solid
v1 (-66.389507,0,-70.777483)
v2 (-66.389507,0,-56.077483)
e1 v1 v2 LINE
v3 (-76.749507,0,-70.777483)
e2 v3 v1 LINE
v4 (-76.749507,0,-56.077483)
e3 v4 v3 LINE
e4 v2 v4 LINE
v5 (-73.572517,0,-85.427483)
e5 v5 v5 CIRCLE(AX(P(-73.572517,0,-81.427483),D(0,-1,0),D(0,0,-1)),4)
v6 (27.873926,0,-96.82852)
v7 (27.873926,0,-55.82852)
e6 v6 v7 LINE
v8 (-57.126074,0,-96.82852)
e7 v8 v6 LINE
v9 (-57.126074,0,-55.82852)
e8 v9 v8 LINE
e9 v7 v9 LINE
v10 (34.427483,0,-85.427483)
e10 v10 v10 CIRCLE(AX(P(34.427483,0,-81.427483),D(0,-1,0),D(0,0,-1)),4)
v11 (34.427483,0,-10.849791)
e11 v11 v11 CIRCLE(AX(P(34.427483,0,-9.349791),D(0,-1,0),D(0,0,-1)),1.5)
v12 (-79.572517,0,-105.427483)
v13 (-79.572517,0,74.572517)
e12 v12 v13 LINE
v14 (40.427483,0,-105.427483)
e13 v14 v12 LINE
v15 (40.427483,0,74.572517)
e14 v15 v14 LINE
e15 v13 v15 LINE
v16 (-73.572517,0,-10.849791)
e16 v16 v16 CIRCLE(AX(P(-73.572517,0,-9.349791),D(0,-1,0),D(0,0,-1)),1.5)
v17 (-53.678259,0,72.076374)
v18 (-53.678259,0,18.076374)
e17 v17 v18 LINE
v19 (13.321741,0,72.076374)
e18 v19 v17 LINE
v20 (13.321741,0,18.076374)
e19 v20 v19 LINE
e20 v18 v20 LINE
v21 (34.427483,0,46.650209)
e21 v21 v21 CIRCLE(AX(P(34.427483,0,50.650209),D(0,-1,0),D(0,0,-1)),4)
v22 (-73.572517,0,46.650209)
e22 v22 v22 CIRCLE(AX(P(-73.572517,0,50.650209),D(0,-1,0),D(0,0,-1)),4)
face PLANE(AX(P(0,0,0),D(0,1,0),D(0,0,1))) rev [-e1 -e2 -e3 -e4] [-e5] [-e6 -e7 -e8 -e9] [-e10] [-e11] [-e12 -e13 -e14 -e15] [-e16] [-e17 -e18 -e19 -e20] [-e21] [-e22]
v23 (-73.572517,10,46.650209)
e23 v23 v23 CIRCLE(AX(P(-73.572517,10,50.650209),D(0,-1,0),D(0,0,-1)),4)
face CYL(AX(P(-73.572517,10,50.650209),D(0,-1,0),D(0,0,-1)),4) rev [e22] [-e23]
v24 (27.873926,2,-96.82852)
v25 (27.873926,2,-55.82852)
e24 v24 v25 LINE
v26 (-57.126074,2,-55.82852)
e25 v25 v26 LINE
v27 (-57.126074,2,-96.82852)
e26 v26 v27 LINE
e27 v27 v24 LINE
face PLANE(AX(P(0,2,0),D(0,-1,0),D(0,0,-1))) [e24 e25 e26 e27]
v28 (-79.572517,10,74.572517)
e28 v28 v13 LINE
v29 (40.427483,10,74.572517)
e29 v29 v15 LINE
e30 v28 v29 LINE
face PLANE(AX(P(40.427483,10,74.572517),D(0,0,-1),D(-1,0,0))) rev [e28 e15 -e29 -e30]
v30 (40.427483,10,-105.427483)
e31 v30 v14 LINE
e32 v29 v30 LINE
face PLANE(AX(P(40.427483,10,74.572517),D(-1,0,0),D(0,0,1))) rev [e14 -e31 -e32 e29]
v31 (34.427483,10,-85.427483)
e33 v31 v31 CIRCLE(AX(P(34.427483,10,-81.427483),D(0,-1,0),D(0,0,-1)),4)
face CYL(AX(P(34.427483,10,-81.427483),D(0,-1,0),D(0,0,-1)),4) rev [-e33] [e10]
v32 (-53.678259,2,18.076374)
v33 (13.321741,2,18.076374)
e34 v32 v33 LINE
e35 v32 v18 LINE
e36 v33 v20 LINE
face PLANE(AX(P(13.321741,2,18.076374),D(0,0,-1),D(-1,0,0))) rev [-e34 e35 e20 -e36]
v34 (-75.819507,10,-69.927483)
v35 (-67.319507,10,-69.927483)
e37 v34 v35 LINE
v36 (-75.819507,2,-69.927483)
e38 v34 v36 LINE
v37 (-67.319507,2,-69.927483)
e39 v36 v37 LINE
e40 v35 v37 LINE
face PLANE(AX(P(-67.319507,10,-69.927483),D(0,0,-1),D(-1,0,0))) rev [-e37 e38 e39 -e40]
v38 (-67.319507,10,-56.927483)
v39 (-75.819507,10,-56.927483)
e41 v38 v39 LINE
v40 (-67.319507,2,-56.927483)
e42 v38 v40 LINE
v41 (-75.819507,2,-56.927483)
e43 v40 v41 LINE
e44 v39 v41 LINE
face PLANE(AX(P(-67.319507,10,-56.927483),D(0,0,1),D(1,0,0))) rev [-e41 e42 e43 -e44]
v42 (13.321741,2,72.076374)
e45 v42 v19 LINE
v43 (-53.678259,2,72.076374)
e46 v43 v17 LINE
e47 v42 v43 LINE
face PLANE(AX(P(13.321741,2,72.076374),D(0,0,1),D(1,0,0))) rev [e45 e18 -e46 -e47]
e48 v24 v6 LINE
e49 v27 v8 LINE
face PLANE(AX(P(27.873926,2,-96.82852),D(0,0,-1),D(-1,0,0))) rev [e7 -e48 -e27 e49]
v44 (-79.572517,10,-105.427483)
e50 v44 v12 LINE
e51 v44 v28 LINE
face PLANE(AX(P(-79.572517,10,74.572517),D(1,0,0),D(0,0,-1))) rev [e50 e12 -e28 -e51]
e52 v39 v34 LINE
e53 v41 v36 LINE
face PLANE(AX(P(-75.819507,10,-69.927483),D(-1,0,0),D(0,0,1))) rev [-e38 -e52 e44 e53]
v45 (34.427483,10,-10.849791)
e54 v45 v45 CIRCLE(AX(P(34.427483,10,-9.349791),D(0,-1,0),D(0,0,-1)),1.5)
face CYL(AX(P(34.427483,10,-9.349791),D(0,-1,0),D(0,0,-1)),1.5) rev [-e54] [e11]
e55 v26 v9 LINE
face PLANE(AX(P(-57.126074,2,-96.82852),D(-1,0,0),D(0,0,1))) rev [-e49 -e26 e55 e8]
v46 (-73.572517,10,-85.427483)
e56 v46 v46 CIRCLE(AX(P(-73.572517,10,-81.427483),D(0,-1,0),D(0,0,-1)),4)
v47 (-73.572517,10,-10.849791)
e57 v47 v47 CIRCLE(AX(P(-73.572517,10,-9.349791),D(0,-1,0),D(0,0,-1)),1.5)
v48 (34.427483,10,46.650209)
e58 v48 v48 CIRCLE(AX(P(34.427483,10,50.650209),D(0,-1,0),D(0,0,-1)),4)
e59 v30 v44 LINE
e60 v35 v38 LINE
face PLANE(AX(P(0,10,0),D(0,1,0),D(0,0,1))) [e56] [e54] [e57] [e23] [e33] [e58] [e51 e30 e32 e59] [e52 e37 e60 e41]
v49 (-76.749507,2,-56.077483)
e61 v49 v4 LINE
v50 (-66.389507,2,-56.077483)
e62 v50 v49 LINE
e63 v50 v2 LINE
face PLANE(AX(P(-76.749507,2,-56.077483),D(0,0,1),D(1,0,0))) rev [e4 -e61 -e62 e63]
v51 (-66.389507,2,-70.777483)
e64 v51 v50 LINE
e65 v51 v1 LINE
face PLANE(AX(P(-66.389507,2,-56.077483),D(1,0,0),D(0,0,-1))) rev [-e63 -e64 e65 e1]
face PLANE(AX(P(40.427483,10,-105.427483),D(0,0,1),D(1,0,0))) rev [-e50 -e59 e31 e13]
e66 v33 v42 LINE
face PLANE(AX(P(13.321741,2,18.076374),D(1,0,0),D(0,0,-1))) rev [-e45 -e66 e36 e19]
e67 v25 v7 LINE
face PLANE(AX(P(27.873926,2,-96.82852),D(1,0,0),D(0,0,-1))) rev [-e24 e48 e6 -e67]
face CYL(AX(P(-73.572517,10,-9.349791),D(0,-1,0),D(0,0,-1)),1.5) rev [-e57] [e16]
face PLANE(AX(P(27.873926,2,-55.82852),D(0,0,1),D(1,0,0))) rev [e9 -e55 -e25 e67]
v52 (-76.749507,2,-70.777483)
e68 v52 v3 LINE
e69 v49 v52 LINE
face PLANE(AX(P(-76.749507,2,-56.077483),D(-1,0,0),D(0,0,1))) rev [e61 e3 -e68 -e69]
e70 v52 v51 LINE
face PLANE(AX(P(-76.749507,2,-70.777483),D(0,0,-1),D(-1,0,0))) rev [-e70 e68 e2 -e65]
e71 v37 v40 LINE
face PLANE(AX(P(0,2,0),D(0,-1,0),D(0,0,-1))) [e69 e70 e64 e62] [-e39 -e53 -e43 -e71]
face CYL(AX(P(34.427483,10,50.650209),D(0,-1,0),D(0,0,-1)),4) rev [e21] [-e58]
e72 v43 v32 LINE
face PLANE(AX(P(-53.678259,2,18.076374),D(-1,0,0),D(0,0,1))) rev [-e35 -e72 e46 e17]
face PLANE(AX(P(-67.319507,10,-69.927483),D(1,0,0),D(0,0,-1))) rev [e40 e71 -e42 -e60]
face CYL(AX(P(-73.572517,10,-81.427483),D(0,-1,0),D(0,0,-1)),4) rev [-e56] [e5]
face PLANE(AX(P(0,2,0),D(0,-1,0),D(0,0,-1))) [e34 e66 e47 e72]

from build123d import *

# Parameters (mm, degrees)
SKETCH1_W           = 120
SKETCH1_H           = 180
BOSS_EXTRUDE1_DEPTH = 10
SKETCH2_R           = 4
SKETCH2_R_2         = 1.5
CUT_EXTRUDE1_DEPTH  = 10
SKETCH3_W           = 67
SKETCH3_H           = 54
SKETCH3_W_2         = 85
SKETCH3_H_2         = 41
SKETCH3_W_3         = 10.36
SKETCH3_H_3         = 14.7
CUT_EXTRUDE2_DEPTH  = 2
SKETCH4_W           = 8.5
SKETCH4_H           = 13
CUT_EXTRUDE3_DEPTH  = 10


with BuildPart() as part:
    # Sketch1 → Boss-Extrude1 (new body)
    with BuildSketch(Plane(origin=(0, 0, 0), x_dir=(1, 0, 0), z_dir=(0, 1, 0))):
        with Locations((-19.57251684, 15.427483158)):
            Rectangle(SKETCH1_W, SKETCH1_H)
    extrude(amount=BOSS_EXTRUDE1_DEPTH)

    # Sketch2 → Cut-Extrude1 (cut)
    with BuildSketch(Plane.XZ):
        with Locations(Location((-73.57251684, 50.65020927, 0), (0, 0, 270))):
            Circle(SKETCH2_R)
        with Locations(Location((34.42748316, 50.65020927, 0), (0, 0, 270))):
            Circle(SKETCH2_R)
        with Locations(Location((34.42748316, -81.427483158, 0), (0, 0, 270))):
            Circle(SKETCH2_R)
        with Locations(Location((-73.57251684, -81.427483158, 0), (0, 0, 270))):
            Circle(SKETCH2_R)
        with Locations(Location((-73.57251684, -9.34979073, 0), (0, 0, 270))):
            Circle(SKETCH2_R_2)
        with Locations(Location((34.42748316, -9.34979073, 0), (0, 0, 270))):
            Circle(SKETCH2_R_2)
    extrude(amount=-CUT_EXTRUDE1_DEPTH, mode=Mode.SUBTRACT)

    # Sketch3 → Cut-Extrude2 (cut)
    with BuildSketch(Plane.XZ):
        with Locations((-20.178258513, 45.076374251)):
            Rectangle(SKETCH3_W, SKETCH3_H)
        with Locations((-14.626073682, -76.328520248)):
            Rectangle(SKETCH3_W_2, SKETCH3_H_2)
        with Locations((-71.569507279, -63.427483158)):
            Rectangle(SKETCH3_W_3, SKETCH3_H_3)
    extrude(amount=-CUT_EXTRUDE2_DEPTH, mode=Mode.SUBTRACT)

    # Sketch4 → Cut-Extrude3 (cut)
    with BuildSketch(Plane.XZ):
        with Locations((-71.569507279, -63.427483158)):
            Rectangle(SKETCH4_W, SKETCH4_H)
    extrude(amount=-CUT_EXTRUDE3_DEPTH, mode=Mode.SUBTRACT)


solid = part.part
